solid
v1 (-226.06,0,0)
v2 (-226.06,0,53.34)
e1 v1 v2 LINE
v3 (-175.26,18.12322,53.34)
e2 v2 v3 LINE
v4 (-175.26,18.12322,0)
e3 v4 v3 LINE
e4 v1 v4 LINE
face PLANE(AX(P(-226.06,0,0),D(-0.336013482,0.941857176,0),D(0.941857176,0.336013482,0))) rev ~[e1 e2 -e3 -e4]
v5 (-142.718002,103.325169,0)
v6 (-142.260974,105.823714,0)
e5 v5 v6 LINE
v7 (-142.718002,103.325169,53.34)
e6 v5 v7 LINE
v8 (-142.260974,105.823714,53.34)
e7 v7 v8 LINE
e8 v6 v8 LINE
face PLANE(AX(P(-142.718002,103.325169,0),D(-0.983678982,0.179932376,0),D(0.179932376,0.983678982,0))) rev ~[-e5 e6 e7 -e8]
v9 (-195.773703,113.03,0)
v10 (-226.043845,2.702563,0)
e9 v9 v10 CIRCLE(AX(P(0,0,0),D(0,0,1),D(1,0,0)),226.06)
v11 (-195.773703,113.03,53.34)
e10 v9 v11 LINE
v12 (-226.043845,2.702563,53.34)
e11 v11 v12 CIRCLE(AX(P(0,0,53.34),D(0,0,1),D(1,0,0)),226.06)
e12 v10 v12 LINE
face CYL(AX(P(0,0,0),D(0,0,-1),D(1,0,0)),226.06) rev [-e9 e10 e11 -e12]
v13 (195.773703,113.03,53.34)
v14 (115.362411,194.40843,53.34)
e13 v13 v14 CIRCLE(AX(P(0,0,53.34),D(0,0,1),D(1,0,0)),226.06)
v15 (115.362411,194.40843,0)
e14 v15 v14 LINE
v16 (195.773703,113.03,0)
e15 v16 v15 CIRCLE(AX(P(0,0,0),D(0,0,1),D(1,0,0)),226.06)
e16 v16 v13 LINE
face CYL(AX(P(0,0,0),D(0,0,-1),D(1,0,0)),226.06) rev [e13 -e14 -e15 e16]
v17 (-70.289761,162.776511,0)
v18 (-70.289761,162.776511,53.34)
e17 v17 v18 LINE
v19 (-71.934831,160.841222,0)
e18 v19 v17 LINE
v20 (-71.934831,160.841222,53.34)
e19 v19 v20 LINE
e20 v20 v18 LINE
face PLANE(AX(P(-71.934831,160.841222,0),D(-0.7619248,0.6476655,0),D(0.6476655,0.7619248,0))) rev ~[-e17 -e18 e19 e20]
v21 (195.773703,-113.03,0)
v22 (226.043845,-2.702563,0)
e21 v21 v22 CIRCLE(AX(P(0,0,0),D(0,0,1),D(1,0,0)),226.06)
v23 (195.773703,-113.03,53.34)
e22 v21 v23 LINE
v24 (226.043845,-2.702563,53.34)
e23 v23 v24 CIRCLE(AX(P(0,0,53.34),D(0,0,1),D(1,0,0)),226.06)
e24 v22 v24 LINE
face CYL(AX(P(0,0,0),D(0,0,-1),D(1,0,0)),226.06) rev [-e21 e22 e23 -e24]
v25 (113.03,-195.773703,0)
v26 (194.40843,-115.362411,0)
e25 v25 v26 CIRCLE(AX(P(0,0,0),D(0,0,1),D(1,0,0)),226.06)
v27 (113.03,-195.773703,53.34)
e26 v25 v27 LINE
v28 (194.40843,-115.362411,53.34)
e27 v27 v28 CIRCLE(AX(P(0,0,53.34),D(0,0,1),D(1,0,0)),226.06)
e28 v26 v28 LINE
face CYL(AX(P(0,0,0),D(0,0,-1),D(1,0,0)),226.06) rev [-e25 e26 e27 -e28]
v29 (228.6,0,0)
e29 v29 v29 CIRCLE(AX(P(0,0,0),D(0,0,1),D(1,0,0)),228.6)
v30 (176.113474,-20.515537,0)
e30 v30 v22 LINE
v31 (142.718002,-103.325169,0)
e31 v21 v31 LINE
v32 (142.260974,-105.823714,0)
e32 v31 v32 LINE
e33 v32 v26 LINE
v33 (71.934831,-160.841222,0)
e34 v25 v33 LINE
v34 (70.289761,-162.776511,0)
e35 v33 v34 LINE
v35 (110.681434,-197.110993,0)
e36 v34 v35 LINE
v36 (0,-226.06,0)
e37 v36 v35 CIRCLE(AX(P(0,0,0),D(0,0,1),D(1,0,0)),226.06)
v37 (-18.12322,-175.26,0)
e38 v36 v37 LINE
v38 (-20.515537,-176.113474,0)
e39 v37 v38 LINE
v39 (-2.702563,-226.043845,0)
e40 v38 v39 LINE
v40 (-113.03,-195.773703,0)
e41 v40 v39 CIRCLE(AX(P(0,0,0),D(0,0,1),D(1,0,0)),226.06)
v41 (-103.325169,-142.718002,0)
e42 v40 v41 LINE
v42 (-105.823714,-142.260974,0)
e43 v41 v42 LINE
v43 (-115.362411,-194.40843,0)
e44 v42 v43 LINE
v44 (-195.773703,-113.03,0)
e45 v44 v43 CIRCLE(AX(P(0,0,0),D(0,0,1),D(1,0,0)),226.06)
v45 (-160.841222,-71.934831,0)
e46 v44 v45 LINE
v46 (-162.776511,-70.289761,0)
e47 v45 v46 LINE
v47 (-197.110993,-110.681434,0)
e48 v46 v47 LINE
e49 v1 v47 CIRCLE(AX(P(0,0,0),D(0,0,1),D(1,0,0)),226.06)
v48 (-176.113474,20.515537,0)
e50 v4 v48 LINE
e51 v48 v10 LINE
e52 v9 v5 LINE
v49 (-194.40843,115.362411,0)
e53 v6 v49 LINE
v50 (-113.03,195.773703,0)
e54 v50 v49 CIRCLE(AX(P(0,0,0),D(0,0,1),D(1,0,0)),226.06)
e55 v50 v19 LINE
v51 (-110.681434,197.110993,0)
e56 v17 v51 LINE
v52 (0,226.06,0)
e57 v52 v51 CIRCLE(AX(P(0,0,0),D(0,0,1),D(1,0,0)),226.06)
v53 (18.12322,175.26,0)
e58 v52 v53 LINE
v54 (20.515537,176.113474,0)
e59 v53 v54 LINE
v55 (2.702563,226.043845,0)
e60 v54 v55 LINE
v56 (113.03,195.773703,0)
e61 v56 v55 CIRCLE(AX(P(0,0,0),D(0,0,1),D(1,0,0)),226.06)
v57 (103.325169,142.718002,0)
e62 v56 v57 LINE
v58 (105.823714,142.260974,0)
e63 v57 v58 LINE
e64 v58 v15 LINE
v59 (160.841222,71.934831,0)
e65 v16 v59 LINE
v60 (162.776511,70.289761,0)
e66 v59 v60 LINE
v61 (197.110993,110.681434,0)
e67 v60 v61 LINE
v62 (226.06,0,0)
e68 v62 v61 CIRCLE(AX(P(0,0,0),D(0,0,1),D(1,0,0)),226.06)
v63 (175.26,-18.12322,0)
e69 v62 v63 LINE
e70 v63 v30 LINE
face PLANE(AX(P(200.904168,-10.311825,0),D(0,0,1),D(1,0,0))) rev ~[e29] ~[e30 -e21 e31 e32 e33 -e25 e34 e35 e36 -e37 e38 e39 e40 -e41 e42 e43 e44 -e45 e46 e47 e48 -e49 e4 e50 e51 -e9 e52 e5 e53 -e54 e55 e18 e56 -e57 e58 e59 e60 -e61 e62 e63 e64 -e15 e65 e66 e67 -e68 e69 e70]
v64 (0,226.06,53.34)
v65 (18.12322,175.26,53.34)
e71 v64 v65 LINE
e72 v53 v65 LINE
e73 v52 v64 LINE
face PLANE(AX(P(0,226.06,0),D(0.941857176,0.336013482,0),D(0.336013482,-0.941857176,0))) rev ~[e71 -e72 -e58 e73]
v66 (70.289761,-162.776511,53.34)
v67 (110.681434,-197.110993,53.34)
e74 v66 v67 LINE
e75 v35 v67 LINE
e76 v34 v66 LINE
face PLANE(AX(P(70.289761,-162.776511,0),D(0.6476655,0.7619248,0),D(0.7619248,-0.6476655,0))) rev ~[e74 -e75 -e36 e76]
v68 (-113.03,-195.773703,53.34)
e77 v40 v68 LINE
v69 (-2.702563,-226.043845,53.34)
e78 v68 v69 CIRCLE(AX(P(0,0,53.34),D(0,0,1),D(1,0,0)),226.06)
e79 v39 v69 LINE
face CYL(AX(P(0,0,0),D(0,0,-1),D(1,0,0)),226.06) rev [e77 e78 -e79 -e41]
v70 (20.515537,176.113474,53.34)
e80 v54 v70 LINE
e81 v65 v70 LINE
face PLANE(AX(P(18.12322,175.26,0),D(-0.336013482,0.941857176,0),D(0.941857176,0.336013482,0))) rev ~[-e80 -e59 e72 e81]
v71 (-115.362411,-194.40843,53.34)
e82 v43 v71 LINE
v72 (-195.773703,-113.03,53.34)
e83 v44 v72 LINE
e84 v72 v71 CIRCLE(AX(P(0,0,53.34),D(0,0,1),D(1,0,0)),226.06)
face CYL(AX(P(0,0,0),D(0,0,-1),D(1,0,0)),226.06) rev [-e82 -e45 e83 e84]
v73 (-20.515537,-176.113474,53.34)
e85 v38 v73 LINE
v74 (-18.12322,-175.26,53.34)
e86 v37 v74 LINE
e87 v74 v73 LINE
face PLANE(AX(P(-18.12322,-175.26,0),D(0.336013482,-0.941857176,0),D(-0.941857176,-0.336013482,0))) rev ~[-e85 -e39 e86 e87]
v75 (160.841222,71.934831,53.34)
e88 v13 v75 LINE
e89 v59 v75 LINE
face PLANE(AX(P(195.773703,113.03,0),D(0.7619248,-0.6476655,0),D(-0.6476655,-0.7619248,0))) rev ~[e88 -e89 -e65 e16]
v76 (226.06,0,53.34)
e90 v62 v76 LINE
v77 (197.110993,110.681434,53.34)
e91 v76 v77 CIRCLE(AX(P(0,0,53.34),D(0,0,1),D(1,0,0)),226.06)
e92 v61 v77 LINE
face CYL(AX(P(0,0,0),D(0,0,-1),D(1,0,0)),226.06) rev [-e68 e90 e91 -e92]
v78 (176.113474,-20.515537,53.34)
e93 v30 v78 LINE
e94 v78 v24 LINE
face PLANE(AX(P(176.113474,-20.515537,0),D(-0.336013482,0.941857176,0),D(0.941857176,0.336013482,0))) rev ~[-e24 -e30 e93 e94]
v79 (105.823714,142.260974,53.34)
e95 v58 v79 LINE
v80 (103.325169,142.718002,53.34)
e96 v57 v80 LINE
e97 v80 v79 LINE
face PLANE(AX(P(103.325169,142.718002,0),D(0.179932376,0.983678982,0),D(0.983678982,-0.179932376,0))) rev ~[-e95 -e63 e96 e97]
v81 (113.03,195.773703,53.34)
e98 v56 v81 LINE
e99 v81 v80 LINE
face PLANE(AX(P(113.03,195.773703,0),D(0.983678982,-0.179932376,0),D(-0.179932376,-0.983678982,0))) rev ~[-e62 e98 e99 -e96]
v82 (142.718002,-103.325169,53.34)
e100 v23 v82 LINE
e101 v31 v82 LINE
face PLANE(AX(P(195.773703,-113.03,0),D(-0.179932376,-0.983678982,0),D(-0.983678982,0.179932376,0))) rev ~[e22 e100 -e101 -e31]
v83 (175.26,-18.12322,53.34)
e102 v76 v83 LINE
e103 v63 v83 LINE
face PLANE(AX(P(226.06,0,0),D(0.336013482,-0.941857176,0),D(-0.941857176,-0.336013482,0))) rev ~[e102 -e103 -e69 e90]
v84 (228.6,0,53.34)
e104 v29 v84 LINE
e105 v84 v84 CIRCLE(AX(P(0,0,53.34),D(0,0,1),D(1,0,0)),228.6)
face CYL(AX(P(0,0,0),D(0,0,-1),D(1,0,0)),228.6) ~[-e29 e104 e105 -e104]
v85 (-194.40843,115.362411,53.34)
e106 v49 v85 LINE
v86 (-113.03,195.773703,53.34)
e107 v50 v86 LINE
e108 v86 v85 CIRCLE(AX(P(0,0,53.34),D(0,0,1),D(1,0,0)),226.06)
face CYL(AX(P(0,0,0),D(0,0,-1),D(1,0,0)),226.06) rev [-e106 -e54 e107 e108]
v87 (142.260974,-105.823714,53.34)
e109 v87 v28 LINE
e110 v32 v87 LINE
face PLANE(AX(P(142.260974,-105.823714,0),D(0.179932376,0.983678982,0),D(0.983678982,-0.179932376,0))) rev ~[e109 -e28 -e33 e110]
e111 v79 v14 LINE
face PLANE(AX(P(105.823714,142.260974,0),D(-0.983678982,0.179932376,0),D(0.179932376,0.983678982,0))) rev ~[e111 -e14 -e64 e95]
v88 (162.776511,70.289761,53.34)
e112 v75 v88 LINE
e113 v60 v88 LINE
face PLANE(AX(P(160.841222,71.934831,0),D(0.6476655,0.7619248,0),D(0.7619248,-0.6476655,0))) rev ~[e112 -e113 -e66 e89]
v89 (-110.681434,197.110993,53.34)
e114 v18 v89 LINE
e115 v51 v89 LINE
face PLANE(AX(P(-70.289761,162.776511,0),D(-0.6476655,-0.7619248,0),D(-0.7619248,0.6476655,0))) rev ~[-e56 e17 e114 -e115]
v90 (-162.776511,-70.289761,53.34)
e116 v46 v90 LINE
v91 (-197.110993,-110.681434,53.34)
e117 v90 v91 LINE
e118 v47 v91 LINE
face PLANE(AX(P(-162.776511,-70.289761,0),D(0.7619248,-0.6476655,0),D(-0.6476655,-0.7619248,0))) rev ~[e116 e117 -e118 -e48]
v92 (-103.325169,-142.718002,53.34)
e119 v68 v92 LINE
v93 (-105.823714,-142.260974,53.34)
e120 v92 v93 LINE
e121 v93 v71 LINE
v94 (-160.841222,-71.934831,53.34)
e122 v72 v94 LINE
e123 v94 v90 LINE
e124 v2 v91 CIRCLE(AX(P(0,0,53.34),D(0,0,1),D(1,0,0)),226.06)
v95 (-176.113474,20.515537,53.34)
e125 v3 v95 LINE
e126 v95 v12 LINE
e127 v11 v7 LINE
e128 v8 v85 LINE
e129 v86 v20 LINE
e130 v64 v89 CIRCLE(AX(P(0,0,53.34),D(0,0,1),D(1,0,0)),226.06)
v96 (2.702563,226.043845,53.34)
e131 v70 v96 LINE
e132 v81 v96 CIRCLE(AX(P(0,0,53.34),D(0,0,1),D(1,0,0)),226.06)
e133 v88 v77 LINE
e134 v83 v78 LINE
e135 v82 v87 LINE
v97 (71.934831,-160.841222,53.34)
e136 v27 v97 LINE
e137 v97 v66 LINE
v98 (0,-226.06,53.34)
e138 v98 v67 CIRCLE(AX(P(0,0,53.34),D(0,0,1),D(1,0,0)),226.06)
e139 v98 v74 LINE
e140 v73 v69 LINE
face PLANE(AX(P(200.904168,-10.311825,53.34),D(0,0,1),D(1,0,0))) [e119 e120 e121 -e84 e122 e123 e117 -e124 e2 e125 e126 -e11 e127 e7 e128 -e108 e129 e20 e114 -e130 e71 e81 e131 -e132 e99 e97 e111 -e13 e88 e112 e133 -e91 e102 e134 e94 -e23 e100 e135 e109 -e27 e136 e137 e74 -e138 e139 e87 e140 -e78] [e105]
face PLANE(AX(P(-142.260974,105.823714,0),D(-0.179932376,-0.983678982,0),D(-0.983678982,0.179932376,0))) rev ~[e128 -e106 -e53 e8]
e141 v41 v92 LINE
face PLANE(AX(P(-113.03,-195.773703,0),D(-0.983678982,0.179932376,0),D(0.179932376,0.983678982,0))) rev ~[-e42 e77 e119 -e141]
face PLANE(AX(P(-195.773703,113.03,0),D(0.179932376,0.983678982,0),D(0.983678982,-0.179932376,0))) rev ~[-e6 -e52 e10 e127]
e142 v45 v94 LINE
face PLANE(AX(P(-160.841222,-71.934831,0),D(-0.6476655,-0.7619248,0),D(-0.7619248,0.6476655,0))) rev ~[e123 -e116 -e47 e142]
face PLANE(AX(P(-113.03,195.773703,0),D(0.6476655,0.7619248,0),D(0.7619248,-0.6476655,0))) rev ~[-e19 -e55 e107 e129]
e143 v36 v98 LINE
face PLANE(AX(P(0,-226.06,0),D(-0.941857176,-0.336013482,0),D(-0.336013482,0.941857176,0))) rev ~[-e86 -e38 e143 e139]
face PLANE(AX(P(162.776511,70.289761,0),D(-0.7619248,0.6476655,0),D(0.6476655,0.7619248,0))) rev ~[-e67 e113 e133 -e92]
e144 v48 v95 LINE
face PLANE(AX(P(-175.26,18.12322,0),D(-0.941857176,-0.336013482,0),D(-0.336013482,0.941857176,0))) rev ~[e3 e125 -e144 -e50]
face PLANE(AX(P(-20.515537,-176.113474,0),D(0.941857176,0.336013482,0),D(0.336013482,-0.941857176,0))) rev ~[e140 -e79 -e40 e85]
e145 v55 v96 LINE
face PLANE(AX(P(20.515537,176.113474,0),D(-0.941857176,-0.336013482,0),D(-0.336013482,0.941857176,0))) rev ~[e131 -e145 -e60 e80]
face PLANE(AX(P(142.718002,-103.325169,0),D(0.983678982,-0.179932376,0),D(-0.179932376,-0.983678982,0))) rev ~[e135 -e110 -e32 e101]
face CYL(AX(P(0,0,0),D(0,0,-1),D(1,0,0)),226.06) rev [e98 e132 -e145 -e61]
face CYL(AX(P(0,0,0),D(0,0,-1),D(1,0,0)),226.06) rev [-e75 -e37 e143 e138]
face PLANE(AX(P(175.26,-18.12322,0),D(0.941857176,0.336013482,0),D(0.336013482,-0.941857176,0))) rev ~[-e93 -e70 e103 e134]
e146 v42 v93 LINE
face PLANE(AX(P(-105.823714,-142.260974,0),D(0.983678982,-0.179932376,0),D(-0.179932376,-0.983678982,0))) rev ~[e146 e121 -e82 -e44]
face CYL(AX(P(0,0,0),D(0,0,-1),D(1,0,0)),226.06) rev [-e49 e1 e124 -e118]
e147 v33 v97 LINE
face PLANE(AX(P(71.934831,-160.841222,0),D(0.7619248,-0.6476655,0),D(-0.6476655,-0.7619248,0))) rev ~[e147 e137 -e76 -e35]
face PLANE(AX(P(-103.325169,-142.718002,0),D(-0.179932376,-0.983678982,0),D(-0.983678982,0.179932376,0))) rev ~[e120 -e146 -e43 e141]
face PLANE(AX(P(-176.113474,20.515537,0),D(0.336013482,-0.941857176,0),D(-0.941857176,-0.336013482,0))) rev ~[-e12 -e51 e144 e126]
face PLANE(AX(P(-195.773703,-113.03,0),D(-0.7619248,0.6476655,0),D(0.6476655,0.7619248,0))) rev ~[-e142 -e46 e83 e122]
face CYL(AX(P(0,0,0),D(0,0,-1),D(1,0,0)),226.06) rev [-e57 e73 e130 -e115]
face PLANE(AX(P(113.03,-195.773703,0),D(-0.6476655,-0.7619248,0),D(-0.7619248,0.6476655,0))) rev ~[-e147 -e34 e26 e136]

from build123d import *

# Parameters (mm, degrees)
SKETCH1_R           = 228.6
SKETCH1_R_2         = 226.06
BOSS_EXTRUDE1_DEPTH = 53.34
BOSS_EXTRUDE2_START = -53.34
BOSS_EXTRUDE2_DEPTH = 53.34


with BuildPart() as part:
    # Sketch1 → Boss-Extrude1 (new body)
    with BuildSketch(Plane.XY):
        Circle(SKETCH1_R)
        Circle(SKETCH1_R_2, mode=Mode.SUBTRACT)
    extrude(amount=BOSS_EXTRUDE1_DEPTH)

    # Sketch2 → Boss-Extrude2 (add)
    with BuildSketch(Plane.XY.offset(53.34).offset(BOSS_EXTRUDE2_START)):
        with BuildLine():
            Line((-226.06, 0), (-175.26, 18.123220102))
            Line((-175.26, 18.123220102), (-176.113474245, 20.515537328))
            Line((-176.113474245, 20.515537328), (-226.043844758, 2.702563026))
            ThreePointArc((-226.043844758, 2.702563026), (-226.055961153, 1.351305656), (-226.06, 0))
        make_face()
        with BuildLine():
            Line((-195.77370278, 113.03), (-142.718002216, 103.325169006))
            Line((-142.718002216, 103.325169006), (-142.260973981, 105.823713621))
            Line((-142.260973981, 105.823713621), (-194.408430417, 115.362410615))
            ThreePointArc((-194.408430417, 115.362410615), (-195.094552208, 114.198245603), (-195.77370278, 113.03))
        make_face()
        with BuildLine():
            Line((-113.03, 195.77370278), (-71.934830994, 160.841222318))
            Line((-71.934830994, 160.841222318), (-70.289760624, 162.776511309))
            Line((-70.289760624, 162.776511309), (-110.681434143, 197.110993443))
            ThreePointArc((-110.681434143, 197.110993443), (-111.857715551, 196.445857864), (-113.03, 195.77370278))
        make_face()
        with BuildLine():
            Line((0, 226.06), (18.123220102, 175.26))
            Line((18.123220102, 175.26), (20.515537328, 176.113474245))
            Line((20.515537328, 176.113474245), (2.702563026, 226.043844758))
            ThreePointArc((2.702563026, 226.043844758), (1.351305656, 226.055961153), (0, 226.06))
        make_face()
        with BuildLine():
            Line((113.03, 195.77370278), (103.325169006, 142.718002216))
            Line((103.325169006, 142.718002216), (105.823713621, 142.260973981))
            Line((105.823713621, 142.260973981), (115.362410615, 194.408430417))
            ThreePointArc((115.362410615, 194.408430417), (114.198245603, 195.094552208), (113.03, 195.77370278))
        make_face()
        with BuildLine():
            Line((195.77370278, 113.03), (160.841222318, 71.934830994))
            Line((160.841222318, 71.934830994), (162.776511309, 70.289760624))
            Line((162.776511309, 70.289760624), (197.110993443, 110.681434143))
            ThreePointArc((197.110993443, 110.681434143), (196.445857864, 111.857715551), (195.77370278, 113.03))
        make_face()
        with BuildLine():
            Line((226.06, 0), (175.26, -18.123220102))
            Line((175.26, -18.123220102), (176.113474245, -20.515537328))
            Line((176.113474245, -20.515537328), (226.043844758, -2.702563026))
            ThreePointArc((226.043844758, -2.702563026), (226.055961153, -1.351305656), (226.06, 0))
        make_face()
        with BuildLine():
            Line((195.77370278, -113.03), (142.718002216, -103.325169006))
            Line((142.718002216, -103.325169006), (142.260973981, -105.823713621))
            Line((142.260973981, -105.823713621), (194.408430417, -115.362410615))
            ThreePointArc((194.408430417, -115.362410615), (195.094552208, -114.198245603), (195.77370278, -113.03))
        make_face()
        with BuildLine():
            Line((113.03, -195.77370278), (71.934830994, -160.841222318))
            Line((71.934830994, -160.841222318), (70.289760624, -162.776511309))
            Line((70.289760624, -162.776511309), (110.681434143, -197.110993443))
            ThreePointArc((110.681434143, -197.110993443), (111.857715551, -196.445857864), (113.03, -195.77370278))
        make_face()
        with BuildLine():
            Line((0, -226.06), (-18.123220102, -175.26))
            Line((-18.123220102, -175.26), (-20.515537328, -176.113474245))
            Line((-20.515537328, -176.113474245), (-2.702563026, -226.043844758))
            ThreePointArc((-2.702563026, -226.043844758), (-1.351305656, -226.055961153), (0, -226.06))
        make_face()
        with BuildLine():
            Line((-113.03, -195.77370278), (-103.325169006, -142.718002216))
            Line((-103.325169006, -142.718002216), (-105.823713621, -142.260973981))
            Line((-105.823713621, -142.260973981), (-115.362410615, -194.408430417))
            ThreePointArc((-115.362410615, -194.408430417), (-114.198245603, -195.094552208), (-113.03, -195.77370278))
        make_face()
        with BuildLine():
            Line((-195.77370278, -113.03), (-160.841222318, -71.934830994))
            Line((-160.841222318, -71.934830994), (-162.776511309, -70.289760624))
            Line((-162.776511309, -70.289760624), (-197.110993443, -110.681434143))
            ThreePointArc((-197.110993443, -110.681434143), (-196.445857864, -111.857715551), (-195.77370278, -113.03))
        make_face()
    extrude(amount=BOSS_EXTRUDE2_DEPTH)


solid = part.part
